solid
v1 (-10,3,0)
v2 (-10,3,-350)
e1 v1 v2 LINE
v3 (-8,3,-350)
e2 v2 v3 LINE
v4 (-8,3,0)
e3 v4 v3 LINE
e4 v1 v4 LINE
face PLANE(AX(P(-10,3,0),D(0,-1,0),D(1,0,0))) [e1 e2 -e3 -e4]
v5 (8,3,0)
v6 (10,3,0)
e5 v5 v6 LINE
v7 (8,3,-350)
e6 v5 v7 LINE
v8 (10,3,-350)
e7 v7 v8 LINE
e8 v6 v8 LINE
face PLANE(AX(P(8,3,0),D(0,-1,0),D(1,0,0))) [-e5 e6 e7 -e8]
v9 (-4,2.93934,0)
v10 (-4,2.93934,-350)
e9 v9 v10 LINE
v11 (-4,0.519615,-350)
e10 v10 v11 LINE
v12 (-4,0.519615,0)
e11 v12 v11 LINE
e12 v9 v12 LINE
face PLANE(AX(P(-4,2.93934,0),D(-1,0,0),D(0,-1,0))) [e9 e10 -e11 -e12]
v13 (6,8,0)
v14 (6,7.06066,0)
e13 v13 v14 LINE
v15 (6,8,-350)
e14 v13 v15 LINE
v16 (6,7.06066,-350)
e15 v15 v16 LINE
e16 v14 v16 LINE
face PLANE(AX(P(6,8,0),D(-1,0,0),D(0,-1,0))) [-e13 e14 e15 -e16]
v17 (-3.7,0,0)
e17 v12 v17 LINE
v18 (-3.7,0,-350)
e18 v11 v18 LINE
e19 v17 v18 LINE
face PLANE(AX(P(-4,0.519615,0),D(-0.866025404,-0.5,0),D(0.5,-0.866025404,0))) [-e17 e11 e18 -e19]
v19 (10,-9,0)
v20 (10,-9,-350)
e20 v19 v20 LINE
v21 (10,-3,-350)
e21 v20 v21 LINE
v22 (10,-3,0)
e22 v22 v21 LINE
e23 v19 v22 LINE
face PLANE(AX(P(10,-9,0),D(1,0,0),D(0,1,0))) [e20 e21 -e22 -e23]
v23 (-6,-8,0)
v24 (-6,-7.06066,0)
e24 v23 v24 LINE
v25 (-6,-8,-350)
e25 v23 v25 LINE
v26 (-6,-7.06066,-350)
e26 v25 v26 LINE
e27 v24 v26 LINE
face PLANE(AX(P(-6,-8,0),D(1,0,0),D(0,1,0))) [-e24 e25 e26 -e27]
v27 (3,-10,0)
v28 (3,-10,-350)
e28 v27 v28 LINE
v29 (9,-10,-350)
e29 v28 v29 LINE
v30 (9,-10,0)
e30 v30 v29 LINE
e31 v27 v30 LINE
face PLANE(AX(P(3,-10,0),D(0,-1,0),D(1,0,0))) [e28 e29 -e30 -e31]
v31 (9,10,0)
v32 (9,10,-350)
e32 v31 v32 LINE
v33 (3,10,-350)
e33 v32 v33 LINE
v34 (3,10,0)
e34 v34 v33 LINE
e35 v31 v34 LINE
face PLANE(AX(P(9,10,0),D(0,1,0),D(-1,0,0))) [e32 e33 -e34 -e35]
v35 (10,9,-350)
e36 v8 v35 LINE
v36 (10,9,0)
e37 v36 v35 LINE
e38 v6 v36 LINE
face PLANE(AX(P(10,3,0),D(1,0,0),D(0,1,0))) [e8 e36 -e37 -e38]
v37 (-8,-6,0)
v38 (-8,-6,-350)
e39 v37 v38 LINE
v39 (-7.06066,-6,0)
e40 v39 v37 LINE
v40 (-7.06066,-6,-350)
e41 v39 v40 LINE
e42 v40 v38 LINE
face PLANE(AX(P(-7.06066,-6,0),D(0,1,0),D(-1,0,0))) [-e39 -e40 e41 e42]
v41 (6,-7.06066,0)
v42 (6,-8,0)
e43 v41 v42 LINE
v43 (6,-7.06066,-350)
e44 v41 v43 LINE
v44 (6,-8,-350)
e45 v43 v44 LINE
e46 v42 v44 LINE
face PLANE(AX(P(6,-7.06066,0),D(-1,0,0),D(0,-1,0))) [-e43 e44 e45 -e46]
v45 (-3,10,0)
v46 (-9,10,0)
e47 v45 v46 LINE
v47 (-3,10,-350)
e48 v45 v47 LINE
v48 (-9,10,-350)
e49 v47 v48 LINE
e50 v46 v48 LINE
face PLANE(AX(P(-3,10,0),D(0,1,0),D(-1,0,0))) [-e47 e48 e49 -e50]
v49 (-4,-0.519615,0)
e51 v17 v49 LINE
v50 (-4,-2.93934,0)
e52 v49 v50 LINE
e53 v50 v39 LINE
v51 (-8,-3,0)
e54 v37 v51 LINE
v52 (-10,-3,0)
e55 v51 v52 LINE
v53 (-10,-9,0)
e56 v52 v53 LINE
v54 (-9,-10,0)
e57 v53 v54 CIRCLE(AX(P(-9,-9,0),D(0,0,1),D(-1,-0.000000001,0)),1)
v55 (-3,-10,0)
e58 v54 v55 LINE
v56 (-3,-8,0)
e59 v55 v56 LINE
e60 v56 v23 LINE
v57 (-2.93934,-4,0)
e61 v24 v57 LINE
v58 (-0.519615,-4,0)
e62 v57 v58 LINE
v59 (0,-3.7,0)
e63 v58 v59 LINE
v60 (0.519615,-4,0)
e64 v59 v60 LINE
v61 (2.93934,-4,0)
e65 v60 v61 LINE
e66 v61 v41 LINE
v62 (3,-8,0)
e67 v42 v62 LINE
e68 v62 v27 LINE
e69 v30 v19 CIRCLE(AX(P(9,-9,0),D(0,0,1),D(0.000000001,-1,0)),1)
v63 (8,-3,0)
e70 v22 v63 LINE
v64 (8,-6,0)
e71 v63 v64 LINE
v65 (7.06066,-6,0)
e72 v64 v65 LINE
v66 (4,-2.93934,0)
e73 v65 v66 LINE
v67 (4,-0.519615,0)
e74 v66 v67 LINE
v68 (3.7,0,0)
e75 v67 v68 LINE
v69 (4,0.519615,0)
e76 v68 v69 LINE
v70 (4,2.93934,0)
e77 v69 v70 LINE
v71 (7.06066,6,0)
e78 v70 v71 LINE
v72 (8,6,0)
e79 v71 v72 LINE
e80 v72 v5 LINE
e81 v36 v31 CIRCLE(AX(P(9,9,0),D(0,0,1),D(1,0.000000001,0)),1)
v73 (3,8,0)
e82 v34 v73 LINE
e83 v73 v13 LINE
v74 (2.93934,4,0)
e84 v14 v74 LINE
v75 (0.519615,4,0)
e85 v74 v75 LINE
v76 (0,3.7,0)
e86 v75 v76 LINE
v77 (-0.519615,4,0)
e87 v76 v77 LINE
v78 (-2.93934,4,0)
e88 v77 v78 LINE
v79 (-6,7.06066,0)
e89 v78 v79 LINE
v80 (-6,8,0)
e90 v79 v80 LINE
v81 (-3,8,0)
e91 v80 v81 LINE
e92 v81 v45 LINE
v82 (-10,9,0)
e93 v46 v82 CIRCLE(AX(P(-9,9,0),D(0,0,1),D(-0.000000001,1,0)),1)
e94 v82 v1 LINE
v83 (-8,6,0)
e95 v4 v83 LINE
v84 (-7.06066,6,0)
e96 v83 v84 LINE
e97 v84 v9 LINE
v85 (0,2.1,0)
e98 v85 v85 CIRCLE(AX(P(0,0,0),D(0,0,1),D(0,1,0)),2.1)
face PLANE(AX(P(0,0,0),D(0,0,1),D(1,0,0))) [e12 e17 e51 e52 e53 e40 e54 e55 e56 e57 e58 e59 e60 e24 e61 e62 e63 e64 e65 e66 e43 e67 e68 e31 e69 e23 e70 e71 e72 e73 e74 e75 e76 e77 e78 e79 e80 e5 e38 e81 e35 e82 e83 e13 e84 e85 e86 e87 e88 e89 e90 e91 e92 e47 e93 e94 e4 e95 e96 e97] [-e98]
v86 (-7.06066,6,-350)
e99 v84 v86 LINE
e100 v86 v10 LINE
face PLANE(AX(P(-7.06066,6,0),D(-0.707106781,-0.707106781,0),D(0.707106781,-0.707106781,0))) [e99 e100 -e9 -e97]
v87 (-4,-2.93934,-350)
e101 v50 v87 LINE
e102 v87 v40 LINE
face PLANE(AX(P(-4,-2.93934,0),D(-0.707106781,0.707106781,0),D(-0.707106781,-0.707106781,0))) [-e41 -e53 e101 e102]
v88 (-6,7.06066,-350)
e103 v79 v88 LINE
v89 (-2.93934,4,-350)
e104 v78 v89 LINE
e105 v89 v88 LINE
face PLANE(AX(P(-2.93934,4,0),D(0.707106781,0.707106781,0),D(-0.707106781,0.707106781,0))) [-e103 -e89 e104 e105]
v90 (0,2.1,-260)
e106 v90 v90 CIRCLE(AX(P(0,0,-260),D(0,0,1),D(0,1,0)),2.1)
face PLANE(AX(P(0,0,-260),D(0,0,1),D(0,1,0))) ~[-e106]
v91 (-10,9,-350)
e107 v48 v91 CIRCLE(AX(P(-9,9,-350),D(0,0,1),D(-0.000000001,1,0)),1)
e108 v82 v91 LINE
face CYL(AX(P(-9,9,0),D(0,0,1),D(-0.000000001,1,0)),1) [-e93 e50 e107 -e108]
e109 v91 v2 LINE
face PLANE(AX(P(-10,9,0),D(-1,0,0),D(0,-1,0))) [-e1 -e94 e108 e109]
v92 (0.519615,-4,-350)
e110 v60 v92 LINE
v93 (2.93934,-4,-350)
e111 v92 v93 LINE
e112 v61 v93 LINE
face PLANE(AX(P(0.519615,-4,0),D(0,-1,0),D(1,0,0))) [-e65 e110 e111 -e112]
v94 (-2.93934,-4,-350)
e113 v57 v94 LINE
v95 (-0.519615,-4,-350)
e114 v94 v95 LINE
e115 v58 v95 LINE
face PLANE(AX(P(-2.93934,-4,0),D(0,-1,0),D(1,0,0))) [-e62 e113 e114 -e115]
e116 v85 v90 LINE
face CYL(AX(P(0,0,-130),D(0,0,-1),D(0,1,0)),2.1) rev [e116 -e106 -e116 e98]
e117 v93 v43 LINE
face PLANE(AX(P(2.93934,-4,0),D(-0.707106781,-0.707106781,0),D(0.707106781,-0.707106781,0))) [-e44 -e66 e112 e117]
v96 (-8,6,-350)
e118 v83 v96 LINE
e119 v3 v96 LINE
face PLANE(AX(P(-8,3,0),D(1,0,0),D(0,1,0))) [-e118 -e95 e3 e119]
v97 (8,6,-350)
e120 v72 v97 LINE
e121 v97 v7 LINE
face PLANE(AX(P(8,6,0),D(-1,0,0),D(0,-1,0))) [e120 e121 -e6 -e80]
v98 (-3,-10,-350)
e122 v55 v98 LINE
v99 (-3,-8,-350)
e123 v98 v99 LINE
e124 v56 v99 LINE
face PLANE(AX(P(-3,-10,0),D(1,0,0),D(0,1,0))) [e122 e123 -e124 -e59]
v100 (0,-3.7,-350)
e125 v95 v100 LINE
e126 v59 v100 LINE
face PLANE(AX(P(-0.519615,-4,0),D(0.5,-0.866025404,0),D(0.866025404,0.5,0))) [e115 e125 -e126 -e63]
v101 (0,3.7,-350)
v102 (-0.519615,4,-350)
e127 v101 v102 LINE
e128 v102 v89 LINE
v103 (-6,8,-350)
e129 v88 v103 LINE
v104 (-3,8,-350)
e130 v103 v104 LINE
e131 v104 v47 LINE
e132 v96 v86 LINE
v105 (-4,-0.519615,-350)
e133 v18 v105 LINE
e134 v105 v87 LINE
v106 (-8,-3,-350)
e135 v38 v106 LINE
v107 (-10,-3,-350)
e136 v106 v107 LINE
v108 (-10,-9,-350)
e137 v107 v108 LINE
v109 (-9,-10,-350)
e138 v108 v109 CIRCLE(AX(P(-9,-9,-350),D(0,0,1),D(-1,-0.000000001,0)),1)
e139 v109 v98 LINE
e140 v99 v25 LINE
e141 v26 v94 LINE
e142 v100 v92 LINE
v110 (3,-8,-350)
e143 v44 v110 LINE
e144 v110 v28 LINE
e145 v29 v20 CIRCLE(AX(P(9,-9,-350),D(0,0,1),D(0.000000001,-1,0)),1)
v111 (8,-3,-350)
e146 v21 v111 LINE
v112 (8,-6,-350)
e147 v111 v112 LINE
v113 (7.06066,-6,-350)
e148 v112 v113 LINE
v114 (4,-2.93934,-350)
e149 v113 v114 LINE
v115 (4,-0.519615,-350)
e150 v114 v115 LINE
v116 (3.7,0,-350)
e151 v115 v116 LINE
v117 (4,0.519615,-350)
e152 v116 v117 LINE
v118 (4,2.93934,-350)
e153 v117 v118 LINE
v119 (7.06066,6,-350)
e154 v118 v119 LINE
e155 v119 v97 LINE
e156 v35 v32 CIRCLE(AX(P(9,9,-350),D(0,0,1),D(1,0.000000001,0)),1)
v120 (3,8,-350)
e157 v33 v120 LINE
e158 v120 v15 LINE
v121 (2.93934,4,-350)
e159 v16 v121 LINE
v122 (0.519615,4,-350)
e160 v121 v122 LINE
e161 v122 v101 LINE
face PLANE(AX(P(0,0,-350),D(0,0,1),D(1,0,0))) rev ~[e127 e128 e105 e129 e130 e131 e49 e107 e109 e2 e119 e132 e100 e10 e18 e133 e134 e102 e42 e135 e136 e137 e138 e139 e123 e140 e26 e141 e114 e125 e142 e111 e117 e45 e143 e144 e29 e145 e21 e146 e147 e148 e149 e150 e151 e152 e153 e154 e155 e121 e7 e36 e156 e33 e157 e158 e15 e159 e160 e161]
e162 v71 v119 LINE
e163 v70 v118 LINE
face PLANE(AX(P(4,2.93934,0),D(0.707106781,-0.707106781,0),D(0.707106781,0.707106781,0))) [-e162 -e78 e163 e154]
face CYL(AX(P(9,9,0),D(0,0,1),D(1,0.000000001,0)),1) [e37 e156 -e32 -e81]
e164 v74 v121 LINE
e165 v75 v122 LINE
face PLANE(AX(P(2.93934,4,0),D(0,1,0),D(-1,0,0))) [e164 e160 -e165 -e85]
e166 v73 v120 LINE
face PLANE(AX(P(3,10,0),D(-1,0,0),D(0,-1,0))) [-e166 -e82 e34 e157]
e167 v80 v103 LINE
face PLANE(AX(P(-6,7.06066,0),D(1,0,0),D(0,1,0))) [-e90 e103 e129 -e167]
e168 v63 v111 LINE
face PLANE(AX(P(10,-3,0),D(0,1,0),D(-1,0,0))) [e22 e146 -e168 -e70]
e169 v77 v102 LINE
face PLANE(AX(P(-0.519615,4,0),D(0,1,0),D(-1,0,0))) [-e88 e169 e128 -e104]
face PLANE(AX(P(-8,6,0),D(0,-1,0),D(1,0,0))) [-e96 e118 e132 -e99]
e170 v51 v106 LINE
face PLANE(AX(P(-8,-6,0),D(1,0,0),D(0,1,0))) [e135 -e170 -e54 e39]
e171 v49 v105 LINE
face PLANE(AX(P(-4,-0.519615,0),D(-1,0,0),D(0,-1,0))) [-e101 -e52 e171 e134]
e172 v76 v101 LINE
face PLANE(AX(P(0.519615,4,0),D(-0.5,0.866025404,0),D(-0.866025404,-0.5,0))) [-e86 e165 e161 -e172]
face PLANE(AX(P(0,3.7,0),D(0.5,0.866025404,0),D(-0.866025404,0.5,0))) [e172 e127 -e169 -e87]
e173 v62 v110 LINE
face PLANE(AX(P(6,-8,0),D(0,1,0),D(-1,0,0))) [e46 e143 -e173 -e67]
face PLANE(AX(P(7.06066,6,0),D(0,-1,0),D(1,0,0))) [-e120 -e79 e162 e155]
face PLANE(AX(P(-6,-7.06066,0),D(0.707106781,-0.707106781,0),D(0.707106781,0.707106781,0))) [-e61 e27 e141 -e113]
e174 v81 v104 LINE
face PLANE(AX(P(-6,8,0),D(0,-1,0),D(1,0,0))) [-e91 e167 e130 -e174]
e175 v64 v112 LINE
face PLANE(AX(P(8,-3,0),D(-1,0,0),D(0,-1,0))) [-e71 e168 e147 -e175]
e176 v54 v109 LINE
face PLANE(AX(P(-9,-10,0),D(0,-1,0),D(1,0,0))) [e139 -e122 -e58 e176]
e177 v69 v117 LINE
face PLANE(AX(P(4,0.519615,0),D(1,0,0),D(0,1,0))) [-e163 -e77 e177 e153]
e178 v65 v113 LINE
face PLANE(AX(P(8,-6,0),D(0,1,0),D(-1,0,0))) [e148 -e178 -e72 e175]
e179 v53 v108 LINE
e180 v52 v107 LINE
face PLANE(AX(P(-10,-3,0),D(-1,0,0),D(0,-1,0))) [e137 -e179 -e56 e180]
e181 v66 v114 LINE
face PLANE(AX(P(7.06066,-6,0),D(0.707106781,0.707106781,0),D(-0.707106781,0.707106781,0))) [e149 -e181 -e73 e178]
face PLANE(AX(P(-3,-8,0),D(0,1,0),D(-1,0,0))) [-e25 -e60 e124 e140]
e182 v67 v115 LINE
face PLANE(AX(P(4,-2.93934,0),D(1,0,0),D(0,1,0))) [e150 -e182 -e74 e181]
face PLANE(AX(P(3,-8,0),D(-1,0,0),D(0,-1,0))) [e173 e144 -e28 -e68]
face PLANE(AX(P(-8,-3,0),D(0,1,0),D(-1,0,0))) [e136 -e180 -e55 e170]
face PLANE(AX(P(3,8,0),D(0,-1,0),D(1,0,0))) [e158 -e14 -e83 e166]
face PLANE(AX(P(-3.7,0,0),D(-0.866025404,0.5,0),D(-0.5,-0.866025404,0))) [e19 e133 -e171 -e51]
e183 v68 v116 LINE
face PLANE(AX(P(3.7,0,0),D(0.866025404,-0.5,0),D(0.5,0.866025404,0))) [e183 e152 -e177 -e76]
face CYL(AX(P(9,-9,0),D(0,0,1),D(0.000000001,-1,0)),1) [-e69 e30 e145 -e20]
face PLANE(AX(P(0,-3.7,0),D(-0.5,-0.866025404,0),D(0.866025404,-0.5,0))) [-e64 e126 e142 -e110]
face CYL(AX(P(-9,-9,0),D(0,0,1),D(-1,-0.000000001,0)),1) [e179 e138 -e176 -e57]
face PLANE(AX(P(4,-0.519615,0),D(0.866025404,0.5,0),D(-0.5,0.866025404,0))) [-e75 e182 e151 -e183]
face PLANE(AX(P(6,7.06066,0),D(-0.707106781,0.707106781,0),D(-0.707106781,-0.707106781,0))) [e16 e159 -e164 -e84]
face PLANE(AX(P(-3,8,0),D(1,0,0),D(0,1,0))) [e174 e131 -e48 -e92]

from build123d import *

# Parameters (mm, degrees)
EXTRUDE_1_DEPTH = 350
SKETCH_2_W      = 260
SKETCH_2_H      = 2.1


with BuildPart() as part:
    # ｽｹｯﾁ1 → ﾎﾞｽ - 押し出し1 (new body)
    with BuildSketch(Plane.XY):
        with BuildLine():
            Line((-10, -3), (-10, -9))
            ThreePointArc((-10, -9), (-9.707106781, -9.707106781), (-9, -10))
            Line((-9, -10), (-3, -10))
            Line((-3, -10), (-3, -8))
            Line((-3, -8), (-6, -8))
            Line((-6, -8), (-6, -7.060660172))
            Line((-6, -7.060660172), (-2.939339828, -4))
            Line((-2.939339828, -4), (-0.519615242, -4))
            Line((-0.519615242, -4), (0, -3.7))
            Line((0, -3.7), (0.519615242, -4))
            Line((0.519615242, -4), (2.939339828, -4))
            Line((2.939339828, -4), (6, -7.060660172))
            Line((6, -7.060660172), (6, -8))
            Line((6, -8), (3, -8))
            Line((3, -8), (3, -10))
            Line((3, -10), (9, -10))
            ThreePointArc((9, -10), (9.707106781, -9.707106781), (10, -9))
            Line((10, -9), (10, -3))
            Line((10, -3), (8, -3))
            Line((8, -3), (8, -6))
            Line((8, -6), (7.060660172, -6))
            Line((7.060660172, -6), (4, -2.939339828))
            Line((4, -2.939339828), (4, -0.519615242))
            Line((4, -0.519615242), (3.7, 0))
            Line((3.7, 0), (4, 0.519615242))
            Line((4, 0.519615242), (4, 2.939339828))
            Line((4, 2.939339828), (7.060660172, 6))
            Line((7.060660172, 6), (8, 6))
            Line((8, 6), (8, 3))
            Line((8, 3), (10, 3))
            Line((10, 3), (10, 9))
            ThreePointArc((10, 9), (9.707106781, 9.707106781), (9, 10))
            Line((9, 10), (3, 10))
            Line((3, 10), (3, 8))
            Line((3, 8), (6, 8))
            Line((6, 8), (6, 7.060660172))
            Line((6, 7.060660172), (2.939339828, 4))
            Line((2.939339828, 4), (0.519615242, 4))
            Line((0.519615242, 4), (0, 3.7))
            Line((0, 3.7), (-0.519615242, 4))
            Line((-0.519615242, 4), (-2.939339828, 4))
            Line((-2.939339828, 4), (-6, 7.060660172))
            Line((-6, 7.060660172), (-6, 8))
            Line((-6, 8), (-3, 8))
            Line((-3, 8), (-3, 10))
            Line((-3, 10), (-9, 10))
            ThreePointArc((-9, 10), (-9.707106781, 9.707106781), (-10, 9))
            Line((-10, 9), (-10, 3))
            Line((-10, 3), (-8, 3))
            Line((-8, 3), (-8, 6))
            Line((-8, 6), (-7.060660172, 6))
            Line((-7.060660172, 6), (-4, 2.939339828))
            Line((-4, 2.939339828), (-4, 0.519615242))
            Line((-4, 0.519615242), (-3.7, 0))
            Line((-3.7, 0), (-4, -0.519615242))
            Line((-4, -0.519615242), (-4, -2.939339828))
            Line((-4, -2.939339828), (-7.060660172, -6))
            Line((-7.060660172, -6), (-8, -6))
            Line((-8, -6), (-8, -3))
            Line((-8, -3), (-10, -3))
        make_face()
    extrude(amount=-EXTRUDE_1_DEPTH)

    # ｽｹｯﾁ2 → ｶｯﾄ - 回転1 (revolve, cut)
    with BuildSketch(Plane(origin=(0, 0, 0), x_dir=(0, 0, -1), z_dir=(1, 0, 0))):
        with Locations((130, 1.05)):
            Rectangle(SKETCH_2_W, SKETCH_2_H)
    revolve(axis=Axis((0, 0, -260), (0, 0, 1)), mode=Mode.SUBTRACT)


solid = part.part
